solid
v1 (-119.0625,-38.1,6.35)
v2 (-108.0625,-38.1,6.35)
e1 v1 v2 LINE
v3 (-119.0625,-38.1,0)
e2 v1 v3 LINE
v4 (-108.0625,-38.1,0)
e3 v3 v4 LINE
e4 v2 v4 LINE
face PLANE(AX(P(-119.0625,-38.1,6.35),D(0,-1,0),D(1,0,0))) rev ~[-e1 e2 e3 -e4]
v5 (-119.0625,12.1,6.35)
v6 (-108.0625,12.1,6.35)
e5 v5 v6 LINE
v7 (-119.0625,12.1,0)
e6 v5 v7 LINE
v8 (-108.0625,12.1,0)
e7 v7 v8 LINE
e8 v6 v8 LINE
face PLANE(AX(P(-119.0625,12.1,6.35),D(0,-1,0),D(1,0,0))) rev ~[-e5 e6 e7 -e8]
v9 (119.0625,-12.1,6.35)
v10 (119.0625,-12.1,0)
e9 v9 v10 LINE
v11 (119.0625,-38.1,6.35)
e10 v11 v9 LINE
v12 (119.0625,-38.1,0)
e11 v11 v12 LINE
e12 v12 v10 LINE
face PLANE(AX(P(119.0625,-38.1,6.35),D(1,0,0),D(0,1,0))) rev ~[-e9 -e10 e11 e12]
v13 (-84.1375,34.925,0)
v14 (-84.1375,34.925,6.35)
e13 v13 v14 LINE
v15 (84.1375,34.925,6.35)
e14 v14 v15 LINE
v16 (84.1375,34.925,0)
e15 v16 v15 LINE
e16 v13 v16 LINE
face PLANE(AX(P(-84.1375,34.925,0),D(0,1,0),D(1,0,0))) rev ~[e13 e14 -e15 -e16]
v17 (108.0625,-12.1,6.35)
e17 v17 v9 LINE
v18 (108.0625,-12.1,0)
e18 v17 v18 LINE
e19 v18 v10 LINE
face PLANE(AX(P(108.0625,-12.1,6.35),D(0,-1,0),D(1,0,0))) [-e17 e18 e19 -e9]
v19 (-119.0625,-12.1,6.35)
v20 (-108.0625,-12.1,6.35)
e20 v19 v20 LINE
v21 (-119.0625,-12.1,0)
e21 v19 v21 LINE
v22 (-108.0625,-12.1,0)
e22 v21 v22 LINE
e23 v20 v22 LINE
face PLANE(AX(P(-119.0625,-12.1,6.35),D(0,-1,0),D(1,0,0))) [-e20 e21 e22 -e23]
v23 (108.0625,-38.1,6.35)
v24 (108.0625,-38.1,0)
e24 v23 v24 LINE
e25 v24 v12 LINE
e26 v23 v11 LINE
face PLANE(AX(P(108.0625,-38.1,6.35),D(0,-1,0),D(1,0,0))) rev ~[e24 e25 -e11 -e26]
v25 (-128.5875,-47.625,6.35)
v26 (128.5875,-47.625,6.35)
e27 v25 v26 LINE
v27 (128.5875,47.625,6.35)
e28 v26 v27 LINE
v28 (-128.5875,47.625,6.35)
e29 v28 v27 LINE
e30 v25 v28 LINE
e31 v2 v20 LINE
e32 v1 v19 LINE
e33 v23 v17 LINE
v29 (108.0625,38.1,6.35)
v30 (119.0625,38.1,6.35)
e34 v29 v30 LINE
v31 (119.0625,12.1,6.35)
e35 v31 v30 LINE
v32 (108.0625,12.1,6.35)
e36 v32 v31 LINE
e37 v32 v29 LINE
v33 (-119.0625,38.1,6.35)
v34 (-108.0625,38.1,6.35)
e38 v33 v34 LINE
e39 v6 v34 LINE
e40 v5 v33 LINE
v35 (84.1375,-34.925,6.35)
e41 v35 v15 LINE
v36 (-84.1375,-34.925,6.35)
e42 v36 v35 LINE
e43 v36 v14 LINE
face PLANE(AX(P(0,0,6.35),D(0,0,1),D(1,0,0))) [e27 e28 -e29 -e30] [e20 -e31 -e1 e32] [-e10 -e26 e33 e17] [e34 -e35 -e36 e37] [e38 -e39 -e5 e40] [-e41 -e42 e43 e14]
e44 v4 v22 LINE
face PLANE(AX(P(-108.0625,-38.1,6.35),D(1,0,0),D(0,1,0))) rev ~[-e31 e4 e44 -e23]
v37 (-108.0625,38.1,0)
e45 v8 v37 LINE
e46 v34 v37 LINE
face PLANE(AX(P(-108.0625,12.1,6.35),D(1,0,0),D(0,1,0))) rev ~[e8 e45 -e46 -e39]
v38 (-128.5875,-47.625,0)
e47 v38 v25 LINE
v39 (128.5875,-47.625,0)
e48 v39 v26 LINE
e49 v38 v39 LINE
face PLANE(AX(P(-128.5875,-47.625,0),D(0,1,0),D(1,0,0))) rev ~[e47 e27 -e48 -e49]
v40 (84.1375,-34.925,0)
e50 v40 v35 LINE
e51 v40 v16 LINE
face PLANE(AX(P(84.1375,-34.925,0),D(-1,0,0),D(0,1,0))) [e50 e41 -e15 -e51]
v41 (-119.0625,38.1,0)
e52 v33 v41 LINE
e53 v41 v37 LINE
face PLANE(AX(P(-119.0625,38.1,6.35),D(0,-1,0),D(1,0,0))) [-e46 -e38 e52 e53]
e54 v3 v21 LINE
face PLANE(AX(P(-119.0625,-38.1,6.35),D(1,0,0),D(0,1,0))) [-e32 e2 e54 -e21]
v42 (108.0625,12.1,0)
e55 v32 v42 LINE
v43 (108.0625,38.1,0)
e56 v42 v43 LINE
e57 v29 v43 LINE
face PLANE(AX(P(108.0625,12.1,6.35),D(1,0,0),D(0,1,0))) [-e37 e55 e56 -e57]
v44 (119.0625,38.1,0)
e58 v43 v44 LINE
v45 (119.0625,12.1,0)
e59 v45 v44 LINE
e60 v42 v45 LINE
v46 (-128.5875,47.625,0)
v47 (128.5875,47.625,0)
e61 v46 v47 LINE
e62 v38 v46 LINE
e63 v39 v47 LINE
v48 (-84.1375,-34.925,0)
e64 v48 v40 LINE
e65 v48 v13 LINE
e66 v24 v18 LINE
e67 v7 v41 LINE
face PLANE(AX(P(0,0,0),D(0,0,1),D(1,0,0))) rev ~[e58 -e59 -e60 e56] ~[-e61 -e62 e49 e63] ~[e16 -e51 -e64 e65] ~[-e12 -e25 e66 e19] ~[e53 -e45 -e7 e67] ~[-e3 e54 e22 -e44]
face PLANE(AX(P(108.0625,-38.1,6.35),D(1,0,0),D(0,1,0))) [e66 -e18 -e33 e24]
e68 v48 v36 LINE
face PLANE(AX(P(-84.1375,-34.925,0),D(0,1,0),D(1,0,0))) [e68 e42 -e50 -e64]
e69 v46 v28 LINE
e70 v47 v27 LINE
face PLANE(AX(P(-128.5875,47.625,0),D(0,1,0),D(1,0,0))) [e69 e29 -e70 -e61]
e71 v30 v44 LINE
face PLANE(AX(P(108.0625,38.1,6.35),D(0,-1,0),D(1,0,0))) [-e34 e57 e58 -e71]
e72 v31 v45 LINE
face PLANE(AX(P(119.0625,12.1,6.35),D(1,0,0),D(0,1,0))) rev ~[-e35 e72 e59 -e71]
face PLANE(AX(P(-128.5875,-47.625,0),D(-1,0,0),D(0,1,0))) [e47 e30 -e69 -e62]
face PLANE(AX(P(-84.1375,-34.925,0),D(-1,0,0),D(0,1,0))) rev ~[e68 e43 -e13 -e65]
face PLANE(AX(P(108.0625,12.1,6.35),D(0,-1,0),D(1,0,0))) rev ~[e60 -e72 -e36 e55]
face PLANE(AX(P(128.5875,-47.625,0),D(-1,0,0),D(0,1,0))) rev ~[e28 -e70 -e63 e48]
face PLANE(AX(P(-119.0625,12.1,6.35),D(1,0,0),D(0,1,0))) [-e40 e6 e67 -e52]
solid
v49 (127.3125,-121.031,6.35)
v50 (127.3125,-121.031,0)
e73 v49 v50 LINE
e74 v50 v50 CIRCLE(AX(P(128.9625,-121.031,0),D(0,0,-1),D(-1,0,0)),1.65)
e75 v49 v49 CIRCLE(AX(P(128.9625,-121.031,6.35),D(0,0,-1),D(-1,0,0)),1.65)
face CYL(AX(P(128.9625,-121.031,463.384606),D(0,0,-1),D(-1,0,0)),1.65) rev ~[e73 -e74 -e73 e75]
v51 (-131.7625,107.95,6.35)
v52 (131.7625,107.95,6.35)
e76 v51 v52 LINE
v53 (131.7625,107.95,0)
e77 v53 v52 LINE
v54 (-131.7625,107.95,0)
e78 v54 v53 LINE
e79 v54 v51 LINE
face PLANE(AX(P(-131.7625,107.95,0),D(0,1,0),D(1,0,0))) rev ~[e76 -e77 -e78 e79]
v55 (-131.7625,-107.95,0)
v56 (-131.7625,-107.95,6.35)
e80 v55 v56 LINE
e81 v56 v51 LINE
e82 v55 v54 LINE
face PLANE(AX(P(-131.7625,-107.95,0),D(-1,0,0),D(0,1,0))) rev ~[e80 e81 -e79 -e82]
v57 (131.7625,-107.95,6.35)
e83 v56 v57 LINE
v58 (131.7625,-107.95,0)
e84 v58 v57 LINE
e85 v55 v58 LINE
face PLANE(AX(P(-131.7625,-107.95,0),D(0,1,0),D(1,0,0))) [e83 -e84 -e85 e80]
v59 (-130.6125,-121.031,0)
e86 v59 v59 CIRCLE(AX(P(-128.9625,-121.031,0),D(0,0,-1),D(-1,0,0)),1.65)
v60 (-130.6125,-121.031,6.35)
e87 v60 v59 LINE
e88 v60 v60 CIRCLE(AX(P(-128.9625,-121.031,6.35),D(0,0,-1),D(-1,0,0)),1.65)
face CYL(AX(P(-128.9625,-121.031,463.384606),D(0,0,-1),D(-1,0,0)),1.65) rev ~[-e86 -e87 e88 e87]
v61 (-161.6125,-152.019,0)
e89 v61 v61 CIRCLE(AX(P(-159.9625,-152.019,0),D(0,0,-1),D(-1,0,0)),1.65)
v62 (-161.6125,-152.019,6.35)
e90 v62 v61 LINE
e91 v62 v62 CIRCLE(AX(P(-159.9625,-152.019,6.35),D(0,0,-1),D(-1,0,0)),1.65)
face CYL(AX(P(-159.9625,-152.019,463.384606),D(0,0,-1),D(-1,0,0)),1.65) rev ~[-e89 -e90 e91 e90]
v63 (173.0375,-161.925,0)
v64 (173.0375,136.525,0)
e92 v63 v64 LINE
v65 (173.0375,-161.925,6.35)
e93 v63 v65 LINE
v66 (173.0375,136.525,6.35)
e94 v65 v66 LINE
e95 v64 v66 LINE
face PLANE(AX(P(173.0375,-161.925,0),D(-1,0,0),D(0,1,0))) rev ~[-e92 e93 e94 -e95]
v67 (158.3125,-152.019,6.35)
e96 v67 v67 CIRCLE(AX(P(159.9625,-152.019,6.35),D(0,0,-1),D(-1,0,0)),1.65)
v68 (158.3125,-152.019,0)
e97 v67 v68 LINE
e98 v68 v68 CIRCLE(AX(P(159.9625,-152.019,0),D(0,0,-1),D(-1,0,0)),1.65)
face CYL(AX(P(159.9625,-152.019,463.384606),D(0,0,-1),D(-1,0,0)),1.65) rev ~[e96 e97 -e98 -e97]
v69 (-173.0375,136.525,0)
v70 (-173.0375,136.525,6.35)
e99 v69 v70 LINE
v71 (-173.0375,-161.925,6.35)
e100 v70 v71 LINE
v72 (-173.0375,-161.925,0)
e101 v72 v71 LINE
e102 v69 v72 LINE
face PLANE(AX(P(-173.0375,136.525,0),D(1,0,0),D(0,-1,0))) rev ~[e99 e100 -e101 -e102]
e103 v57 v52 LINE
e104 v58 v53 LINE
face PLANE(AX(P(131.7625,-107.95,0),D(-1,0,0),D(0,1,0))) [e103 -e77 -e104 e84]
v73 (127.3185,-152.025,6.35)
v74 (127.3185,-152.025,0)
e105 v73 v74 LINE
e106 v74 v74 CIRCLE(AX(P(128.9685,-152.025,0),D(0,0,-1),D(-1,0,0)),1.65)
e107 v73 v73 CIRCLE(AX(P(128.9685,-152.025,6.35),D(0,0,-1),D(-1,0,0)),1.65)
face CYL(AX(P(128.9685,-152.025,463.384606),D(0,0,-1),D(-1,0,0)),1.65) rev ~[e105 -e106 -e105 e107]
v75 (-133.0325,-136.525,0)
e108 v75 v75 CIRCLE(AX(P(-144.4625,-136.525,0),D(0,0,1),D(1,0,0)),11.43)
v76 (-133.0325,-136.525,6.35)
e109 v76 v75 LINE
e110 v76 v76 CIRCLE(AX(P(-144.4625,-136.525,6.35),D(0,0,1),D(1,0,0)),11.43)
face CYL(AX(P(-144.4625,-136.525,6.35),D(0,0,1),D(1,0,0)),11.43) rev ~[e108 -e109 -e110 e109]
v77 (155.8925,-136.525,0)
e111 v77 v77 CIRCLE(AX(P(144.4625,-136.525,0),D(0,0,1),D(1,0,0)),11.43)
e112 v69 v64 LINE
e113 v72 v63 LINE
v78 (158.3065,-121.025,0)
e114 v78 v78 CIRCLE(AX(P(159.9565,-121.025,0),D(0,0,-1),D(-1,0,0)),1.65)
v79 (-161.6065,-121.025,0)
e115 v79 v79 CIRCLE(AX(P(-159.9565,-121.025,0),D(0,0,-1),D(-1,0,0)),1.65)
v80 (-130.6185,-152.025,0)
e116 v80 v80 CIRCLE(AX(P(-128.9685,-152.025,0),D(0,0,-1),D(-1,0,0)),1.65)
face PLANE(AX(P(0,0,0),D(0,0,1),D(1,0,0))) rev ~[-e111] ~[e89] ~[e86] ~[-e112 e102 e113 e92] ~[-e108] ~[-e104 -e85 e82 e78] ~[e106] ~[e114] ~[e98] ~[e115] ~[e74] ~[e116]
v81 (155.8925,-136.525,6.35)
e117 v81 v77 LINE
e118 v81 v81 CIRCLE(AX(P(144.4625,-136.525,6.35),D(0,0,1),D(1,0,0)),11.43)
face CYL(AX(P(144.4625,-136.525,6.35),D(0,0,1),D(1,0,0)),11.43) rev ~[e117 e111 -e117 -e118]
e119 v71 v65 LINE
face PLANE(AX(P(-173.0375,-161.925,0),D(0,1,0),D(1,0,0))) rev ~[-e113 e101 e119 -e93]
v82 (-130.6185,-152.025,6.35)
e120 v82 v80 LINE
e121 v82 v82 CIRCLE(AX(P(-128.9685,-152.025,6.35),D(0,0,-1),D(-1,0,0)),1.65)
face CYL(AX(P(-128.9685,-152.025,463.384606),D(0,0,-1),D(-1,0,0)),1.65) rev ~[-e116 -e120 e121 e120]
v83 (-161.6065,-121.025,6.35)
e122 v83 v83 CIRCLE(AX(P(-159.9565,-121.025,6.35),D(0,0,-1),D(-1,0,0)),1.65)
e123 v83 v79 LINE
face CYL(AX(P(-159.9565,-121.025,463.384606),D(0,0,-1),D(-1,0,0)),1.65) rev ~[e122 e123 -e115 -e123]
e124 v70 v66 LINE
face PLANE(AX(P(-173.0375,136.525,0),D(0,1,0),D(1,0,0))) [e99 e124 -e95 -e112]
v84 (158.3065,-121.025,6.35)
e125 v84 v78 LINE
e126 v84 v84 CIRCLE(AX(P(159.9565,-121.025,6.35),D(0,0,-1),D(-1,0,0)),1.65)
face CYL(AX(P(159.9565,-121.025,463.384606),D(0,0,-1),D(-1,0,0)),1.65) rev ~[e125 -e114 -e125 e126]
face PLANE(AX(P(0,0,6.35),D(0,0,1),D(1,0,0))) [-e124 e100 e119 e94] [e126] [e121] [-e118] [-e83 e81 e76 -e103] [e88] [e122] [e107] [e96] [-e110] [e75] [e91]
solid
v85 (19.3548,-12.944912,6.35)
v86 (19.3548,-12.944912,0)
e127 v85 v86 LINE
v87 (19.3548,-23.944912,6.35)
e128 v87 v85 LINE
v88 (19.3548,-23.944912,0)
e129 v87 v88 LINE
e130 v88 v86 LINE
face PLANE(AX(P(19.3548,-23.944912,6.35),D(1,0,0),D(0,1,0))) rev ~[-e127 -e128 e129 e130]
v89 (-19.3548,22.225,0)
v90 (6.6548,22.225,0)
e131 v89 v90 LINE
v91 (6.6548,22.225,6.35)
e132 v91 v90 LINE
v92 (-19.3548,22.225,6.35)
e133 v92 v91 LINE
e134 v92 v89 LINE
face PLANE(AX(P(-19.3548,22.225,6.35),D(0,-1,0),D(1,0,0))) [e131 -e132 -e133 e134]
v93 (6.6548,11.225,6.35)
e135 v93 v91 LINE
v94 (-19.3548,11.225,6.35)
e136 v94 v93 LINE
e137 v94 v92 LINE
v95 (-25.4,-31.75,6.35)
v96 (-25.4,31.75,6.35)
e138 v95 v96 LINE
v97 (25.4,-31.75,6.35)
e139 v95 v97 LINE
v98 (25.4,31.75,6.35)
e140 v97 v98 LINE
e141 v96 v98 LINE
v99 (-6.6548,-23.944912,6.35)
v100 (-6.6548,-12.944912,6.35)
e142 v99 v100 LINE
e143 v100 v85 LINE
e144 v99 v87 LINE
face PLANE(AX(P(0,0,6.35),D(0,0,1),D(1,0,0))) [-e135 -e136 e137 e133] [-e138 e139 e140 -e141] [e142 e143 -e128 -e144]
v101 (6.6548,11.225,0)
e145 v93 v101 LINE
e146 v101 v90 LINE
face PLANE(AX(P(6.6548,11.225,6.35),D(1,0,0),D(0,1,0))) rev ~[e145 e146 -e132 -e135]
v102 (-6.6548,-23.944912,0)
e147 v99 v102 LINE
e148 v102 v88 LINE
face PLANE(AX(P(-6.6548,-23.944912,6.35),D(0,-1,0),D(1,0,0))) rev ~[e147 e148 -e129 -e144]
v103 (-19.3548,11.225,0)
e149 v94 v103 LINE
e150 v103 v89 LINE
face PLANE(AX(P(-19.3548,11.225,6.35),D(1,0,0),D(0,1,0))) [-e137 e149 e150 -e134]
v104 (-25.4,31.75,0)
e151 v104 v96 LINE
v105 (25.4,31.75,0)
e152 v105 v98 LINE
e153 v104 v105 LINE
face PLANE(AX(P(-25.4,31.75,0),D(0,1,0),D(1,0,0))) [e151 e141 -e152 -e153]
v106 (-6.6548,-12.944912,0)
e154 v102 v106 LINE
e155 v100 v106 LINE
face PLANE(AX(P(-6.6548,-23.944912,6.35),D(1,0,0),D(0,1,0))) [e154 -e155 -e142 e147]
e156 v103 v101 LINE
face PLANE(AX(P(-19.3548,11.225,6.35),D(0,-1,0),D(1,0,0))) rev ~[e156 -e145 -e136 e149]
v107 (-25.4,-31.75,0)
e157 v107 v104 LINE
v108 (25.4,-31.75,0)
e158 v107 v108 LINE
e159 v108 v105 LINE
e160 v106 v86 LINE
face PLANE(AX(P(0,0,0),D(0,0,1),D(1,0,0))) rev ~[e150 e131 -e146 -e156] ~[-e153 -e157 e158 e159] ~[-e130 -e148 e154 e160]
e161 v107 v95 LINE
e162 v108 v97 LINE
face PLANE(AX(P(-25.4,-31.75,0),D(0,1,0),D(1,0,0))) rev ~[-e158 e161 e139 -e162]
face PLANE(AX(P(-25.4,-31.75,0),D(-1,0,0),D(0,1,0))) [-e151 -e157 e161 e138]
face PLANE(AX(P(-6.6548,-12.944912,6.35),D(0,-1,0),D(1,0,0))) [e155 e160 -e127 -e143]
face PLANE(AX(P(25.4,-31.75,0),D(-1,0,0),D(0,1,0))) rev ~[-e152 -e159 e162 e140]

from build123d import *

# Parameters (mm, degrees)
F0_W     = 257.175
F0_H     = 95.25
F0_W_2   = 168.275
F0_H_2   = 69.85
F1_DEPTH = 6.35
F0_W_3   = 50.8
F0_H_3   = 63.5
F2_DEPTH = 6.35
F0_W_4   = 346.075
F0_H_4   = 273.05
F0_W_5   = 263.525
F0_H_5   = 215.9
F0_H_6   = 25.4
F3_DEPTH = 6.35
F4_R     = 11.43
F5_DEPTH = 25.4
F6_D     = 3.3
F7_W     = 11
F7_H     = 26
F7_W_2   = 26.0096
F7_H_2   = 11
F8_DEPTH = 25.4


with BuildPart() as f1:
    # F0 (on Top) → F1 (new body)
    with BuildSketch(Plane.XY):
        Rectangle(F0_W, F0_H)
        Rectangle(F0_W_2, F0_H_2, mode=Mode.SUBTRACT)
    extrude(amount=F1_DEPTH)


with BuildPart() as f2:
    # F0 (on Top) → F2 (new body)
    with BuildSketch(Plane.XY):
        Rectangle(F0_W_3, F0_H_3)
    extrude(amount=F2_DEPTH)


with BuildPart() as f3:
    # F0 (on Top) → F3 (new body)
    with BuildSketch(Plane.XY):
        Rectangle(F0_W_4, F0_H_4)
        Rectangle(F0_W_5, F0_H_5, mode=Mode.SUBTRACT)
        with Locations((0, -149.225)):
            Rectangle(F0_W_4, F0_H_6)
    extrude(amount=F3_DEPTH)

    # F4 (on face) → F5 (cut)
    with BuildSketch(Plane.XY.offset(6.35)):
        with Locations((-144.4625, -136.525)):
            Circle(F4_R)
        with Locations((144.4625, -136.525)):
            Circle(F4_R)
    extrude(amount=-F5_DEPTH, mode=Mode.SUBTRACT)

    # F6 (through all)
    with Locations(Plane.XY.offset(6.35)):
        with Locations((-159.9565, -121.025), (-128.9625, -121.031), (-128.9685, -152.025), (-159.9625, -152.019), (128.9625, -121.031), (159.9565, -121.025), (128.9685, -152.025), (159.9625, -152.019)):
            Hole(F6_D / 2)


with BuildPart() as f8_tool:
    # F7 (on face) → F8 (new body)
    with BuildSketch(Plane.XY.offset(6.35)):
        with Locations((-113.5625, -25.1)):
            Rectangle(F7_W, F7_H)
        with Locations((-113.5625, 25.1)):
            Rectangle(F7_W, F7_H)
        with Locations((-6.35, 16.725)):
            Rectangle(F7_W_2, F7_H_2)
        with Locations((113.5625, -25.1)):
            Rectangle(F7_W, F7_H)
        with Locations((113.5625, 25.1)):
            Rectangle(F7_W, F7_H)
        with Locations((6.35, -18.4449124783)):
            Rectangle(F7_W_2, F7_H_2)
    extrude(amount=-F8_DEPTH)


with BuildPart() as f1_1:
    add(f1.part)

    # F8: cut by f8_tool
    add(f8_tool.part, mode=Mode.SUBTRACT)


with BuildPart() as f2_1:
    add(f2.part)

    # F8: cut by f8_tool
    add(f8_tool.part, mode=Mode.SUBTRACT)


solid = Compound([f3.part, f1_1.part, f2_1.part])
